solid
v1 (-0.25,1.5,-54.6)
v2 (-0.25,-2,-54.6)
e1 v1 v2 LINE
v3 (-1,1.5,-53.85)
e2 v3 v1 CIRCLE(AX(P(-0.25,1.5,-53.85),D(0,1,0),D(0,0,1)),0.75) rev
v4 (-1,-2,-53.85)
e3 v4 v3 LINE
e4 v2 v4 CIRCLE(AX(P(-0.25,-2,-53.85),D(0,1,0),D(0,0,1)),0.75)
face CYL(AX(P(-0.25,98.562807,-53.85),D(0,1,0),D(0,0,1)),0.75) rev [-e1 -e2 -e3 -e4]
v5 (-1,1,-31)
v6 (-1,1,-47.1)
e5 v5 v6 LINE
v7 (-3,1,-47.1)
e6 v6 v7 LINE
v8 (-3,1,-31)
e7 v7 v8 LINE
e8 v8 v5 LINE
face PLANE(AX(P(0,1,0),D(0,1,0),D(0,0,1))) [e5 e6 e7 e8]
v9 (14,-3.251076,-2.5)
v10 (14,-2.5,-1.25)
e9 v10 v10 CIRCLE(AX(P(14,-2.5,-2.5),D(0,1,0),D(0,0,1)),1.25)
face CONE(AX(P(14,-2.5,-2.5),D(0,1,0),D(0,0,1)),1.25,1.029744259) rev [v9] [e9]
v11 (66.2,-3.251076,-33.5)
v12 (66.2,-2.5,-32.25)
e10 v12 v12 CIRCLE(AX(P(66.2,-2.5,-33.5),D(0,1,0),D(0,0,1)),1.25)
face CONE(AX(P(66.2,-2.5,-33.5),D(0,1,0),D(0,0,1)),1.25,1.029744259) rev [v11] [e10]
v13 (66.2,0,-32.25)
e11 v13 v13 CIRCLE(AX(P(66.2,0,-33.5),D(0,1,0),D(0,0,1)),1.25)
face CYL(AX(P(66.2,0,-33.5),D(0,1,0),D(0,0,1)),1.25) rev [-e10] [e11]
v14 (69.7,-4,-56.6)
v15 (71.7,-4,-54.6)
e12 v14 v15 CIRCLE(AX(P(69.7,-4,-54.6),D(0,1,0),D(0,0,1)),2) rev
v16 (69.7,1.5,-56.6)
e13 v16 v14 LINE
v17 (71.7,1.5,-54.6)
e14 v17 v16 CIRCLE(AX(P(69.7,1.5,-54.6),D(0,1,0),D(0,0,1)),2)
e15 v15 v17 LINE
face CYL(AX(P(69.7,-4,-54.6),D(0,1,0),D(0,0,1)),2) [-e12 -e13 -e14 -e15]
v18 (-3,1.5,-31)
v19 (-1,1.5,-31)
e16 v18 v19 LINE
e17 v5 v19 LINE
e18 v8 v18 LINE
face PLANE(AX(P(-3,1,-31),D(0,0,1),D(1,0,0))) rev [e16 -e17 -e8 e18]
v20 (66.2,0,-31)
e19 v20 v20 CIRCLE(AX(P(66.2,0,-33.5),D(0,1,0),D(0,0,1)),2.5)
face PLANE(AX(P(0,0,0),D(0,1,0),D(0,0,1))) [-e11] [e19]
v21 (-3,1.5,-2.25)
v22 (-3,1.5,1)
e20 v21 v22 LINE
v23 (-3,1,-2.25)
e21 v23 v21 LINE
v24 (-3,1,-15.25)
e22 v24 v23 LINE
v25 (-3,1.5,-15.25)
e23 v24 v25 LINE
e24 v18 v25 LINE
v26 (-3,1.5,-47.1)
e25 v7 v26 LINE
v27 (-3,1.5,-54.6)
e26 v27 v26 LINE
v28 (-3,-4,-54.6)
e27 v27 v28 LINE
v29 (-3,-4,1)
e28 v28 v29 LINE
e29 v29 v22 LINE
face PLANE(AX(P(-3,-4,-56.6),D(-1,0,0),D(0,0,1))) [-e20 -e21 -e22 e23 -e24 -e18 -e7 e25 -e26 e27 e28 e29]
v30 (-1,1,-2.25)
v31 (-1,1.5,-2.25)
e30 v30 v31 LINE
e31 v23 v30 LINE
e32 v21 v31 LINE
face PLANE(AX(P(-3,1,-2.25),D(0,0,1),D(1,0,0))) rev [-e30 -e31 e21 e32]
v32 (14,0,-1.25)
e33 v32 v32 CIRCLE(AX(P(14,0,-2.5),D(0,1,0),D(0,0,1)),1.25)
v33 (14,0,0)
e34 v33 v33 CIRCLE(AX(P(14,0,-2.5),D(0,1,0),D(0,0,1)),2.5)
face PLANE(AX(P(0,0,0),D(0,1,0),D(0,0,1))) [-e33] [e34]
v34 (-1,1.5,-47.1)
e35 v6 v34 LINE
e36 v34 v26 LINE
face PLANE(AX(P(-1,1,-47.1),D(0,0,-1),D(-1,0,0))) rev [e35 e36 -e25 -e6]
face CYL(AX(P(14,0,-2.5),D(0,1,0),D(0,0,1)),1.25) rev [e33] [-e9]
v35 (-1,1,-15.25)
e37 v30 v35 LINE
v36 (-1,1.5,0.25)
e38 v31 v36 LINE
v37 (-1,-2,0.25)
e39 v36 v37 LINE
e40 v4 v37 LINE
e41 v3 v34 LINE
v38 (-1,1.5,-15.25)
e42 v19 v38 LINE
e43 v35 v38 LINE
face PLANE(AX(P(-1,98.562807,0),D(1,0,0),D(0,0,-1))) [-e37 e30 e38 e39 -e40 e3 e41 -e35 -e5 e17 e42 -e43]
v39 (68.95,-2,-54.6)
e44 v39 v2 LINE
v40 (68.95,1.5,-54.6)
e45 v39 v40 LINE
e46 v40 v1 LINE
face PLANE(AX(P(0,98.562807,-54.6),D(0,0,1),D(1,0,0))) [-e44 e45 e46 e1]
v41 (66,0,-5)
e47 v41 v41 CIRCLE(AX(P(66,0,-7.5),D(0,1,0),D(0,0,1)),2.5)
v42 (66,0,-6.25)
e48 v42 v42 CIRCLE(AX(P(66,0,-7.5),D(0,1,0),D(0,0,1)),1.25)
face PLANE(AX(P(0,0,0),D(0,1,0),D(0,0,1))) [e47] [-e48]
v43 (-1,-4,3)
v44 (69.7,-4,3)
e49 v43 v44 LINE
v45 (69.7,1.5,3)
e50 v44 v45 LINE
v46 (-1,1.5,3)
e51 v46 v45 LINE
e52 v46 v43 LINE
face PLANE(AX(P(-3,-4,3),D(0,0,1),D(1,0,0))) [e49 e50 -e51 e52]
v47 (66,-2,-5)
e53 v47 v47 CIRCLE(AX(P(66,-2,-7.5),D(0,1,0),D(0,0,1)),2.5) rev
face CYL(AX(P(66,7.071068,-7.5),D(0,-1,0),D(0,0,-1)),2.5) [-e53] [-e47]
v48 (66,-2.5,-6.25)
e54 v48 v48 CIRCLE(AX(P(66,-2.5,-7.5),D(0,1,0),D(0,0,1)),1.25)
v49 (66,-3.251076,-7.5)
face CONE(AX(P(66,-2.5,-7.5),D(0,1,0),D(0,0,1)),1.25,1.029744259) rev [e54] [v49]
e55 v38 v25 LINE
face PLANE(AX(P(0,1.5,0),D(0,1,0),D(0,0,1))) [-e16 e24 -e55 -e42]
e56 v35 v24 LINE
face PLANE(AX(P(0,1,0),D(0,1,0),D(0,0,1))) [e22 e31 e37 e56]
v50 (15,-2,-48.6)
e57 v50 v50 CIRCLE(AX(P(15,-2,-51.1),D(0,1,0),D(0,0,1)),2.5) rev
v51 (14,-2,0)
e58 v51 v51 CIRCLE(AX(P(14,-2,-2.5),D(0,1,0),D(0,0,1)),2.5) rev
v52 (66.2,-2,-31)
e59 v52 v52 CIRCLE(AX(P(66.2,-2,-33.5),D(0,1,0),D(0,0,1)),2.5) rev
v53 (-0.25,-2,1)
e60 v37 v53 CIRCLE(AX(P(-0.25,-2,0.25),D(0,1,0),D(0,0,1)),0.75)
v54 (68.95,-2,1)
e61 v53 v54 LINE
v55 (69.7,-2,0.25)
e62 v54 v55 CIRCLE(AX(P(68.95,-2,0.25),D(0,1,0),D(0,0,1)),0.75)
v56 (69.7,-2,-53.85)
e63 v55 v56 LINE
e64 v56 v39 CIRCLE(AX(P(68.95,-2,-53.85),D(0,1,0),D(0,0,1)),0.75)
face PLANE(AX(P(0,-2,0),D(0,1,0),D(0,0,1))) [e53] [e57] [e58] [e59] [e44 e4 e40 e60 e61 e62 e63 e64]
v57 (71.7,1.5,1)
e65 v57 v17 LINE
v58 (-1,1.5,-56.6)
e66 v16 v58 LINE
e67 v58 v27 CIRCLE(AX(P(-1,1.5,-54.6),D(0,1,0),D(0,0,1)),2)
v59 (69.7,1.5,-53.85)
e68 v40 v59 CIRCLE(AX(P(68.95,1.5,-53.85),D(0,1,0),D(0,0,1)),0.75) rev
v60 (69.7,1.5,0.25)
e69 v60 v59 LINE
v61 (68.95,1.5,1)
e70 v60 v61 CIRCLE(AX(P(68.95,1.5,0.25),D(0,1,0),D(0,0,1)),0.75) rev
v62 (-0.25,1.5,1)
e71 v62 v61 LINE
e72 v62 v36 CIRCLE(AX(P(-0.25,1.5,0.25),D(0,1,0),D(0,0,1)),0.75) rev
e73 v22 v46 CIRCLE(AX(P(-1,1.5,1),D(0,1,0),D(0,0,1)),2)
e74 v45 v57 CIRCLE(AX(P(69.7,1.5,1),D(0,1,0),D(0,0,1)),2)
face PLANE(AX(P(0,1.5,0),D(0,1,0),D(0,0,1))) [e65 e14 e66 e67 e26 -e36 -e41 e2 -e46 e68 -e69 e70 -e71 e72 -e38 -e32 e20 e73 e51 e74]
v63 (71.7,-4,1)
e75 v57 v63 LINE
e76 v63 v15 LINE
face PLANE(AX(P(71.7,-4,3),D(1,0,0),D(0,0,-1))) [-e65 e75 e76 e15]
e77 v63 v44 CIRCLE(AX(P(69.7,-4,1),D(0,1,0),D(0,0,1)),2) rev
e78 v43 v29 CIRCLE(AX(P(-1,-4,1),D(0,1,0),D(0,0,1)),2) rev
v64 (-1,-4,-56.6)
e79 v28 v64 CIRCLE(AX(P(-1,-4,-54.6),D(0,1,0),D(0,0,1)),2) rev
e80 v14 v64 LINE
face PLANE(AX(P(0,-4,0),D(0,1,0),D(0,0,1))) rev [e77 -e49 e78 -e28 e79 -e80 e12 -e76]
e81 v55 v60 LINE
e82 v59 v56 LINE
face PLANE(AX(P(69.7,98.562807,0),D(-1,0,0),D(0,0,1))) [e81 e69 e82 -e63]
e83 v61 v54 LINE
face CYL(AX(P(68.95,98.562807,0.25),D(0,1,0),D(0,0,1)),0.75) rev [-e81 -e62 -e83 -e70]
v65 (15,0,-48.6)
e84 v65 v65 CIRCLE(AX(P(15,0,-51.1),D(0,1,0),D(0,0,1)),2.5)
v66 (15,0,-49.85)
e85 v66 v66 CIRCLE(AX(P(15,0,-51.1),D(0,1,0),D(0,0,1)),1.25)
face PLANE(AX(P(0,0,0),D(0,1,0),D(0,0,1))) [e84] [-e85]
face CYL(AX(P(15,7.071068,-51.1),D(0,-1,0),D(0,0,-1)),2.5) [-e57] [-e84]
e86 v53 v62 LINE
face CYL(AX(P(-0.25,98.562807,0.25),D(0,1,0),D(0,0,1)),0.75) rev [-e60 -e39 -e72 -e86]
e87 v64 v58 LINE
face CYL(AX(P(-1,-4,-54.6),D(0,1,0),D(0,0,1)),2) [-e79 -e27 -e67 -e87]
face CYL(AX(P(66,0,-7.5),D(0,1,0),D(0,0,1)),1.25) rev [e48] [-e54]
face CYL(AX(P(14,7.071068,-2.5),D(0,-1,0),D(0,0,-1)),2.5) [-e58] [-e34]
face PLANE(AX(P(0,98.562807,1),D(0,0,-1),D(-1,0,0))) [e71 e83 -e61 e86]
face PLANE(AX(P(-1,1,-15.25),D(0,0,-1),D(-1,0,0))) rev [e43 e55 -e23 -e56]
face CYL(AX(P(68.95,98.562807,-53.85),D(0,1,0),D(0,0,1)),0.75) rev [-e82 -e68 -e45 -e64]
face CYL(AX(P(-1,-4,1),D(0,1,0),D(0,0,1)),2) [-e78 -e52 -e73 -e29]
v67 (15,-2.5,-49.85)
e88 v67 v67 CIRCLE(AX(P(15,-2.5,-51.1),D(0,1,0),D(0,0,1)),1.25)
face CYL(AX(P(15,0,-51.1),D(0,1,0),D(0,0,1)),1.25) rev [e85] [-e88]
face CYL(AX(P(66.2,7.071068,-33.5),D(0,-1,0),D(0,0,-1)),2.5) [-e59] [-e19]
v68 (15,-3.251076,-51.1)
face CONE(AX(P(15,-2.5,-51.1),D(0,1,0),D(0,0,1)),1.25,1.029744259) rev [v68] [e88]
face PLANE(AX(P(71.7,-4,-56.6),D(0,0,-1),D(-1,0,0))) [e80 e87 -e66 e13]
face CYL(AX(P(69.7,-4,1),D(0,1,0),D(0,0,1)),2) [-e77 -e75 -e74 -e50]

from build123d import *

# Parameters (mm, degrees)
BOSS_EXTRUDE1_START       = -2
SKETCH2_W                 = 74.7
SKETCH2_H                 = 59.6
BOSS_EXTRUDE1_DEPTH       = 2
BOSS_EXTRUDE2_START       = -2
SKETCH3_W                 = 74.7
SKETCH3_H                 = 59.6
SKETCH3_W_2               = 70.7
SKETCH3_H_2               = 55.6
BOSS_EXTRUDE2_DEPTH       = 3.5
BOSS_EXTRUDE3_START       = -4
SKETCH4_R                 = 2.5
BOSS_EXTRUDE3_DEPTH       = 4
M3X0_5_TAPPED_HOLE2_D     = 2.5
M3X0_5_TAPPED_HOLE2_DEPTH = 2.5
M3X0_5_TAPPED_HOLE2_TIP   = 0.751075774
FILLET1_R                 = 0.75
FILLET2_R                 = 2
SKETCH15_W                = 2
SKETCH15_H                = 13
SKETCH15_H_2              = 16.1
CUT_EXTRUDE1_DEPTH        = 0.5


with BuildPart() as part:
    # Sketch2 → Boss-Extrude1 (new body)
    with BuildSketch(Plane(origin=(0, 0, 0), x_dir=(1, 0, 0), z_dir=(0, 1, 0)).offset(BOSS_EXTRUDE1_START)):
        with Locations((34.35, 26.8)):
            Rectangle(SKETCH2_W, SKETCH2_H)
    extrude(amount=-BOSS_EXTRUDE1_DEPTH)

    # Sketch3 → Boss-Extrude2 (add)
    with BuildSketch(Plane(origin=(0, 0, 0), x_dir=(1, 0, 0), z_dir=(0, 1, 0)).offset(BOSS_EXTRUDE2_START)):
        with Locations((34.35, 26.8)):
            Rectangle(SKETCH3_W, SKETCH3_H)
        with Locations((34.35, 26.8)):
            Rectangle(SKETCH3_W_2, SKETCH3_H_2, mode=Mode.SUBTRACT)
    extrude(amount=BOSS_EXTRUDE2_DEPTH)

    # Sketch4 → Boss-Extrude3 (add)
    with BuildSketch(Plane(origin=(0, 0, 0), x_dir=(1, 0, 0), z_dir=(0, 1, 0)).offset(BOSS_EXTRUDE3_START)):
        with Locations(Location((14, 2.5, 0), (0, 0, 270))):
            Circle(SKETCH4_R)
        with Locations(Location((15, 51.1, 0), (0, 0, 270))):
            Circle(SKETCH4_R)
        with Locations(Location((66.2, 33.5, 0), (0, 0, 270))):
            Circle(SKETCH4_R)
        with Locations(Location((66, 7.5, 0), (0, 0, 270))):
            Circle(SKETCH4_R)
    extrude(amount=BOSS_EXTRUDE3_DEPTH)

    # M3x0.5 Tapped Hole2
    with Locations(Plane(origin=(66, 0, -7.5), x_dir=(0, 0, 1), z_dir=(0, 1, 0))):
        with Locations((0, 0), (-26, 0.2), (-43.6, -51), (5, -52)):
            Hole(M3X0_5_TAPPED_HOLE2_D / 2, depth=M3X0_5_TAPPED_HOLE2_DEPTH)
            with Locations((0, 0, -(M3X0_5_TAPPED_HOLE2_DEPTH + M3X0_5_TAPPED_HOLE2_TIP / 2))):  # 118° drill point
                Cone(0, M3X0_5_TAPPED_HOLE2_D / 2, M3X0_5_TAPPED_HOLE2_TIP, mode=Mode.SUBTRACT)

    # Fillet1
    fillet1_edges = [part.edges().sort_by_distance(p)[0] for p in [
        (-1, -0.25, 1),
        (-1, -0.25, -54.6),
        (69.7, -0.25, -54.6),
        (69.7, -0.25, 1),
    ]]
    fillet(fillet1_edges, radius=FILLET1_R)

    # Fillet2
    fillet2_edges = [part.edges().sort_by_distance(p)[0] for p in [
        (71.7, -1.25, -56.6),
        (71.7, -1.25, 3),
        (-3, -1.25, 3),
        (-3, -1.25, -56.6),
    ]]
    fillet(fillet2_edges, radius=FILLET2_R)

    # Sketch15 → Cut-Extrude1 (cut)
    with BuildSketch(Plane(origin=(0, 1.5, 0), x_dir=(1, 0, 0), z_dir=(0, 1, 0))):
        with Locations((-2, 8.75)):
            Rectangle(SKETCH15_W, SKETCH15_H)
        with Locations((-2, 39.05)):
            Rectangle(SKETCH15_W, SKETCH15_H_2)
    extrude(amount=-CUT_EXTRUDE1_DEPTH, mode=Mode.SUBTRACT)


solid = part.part
